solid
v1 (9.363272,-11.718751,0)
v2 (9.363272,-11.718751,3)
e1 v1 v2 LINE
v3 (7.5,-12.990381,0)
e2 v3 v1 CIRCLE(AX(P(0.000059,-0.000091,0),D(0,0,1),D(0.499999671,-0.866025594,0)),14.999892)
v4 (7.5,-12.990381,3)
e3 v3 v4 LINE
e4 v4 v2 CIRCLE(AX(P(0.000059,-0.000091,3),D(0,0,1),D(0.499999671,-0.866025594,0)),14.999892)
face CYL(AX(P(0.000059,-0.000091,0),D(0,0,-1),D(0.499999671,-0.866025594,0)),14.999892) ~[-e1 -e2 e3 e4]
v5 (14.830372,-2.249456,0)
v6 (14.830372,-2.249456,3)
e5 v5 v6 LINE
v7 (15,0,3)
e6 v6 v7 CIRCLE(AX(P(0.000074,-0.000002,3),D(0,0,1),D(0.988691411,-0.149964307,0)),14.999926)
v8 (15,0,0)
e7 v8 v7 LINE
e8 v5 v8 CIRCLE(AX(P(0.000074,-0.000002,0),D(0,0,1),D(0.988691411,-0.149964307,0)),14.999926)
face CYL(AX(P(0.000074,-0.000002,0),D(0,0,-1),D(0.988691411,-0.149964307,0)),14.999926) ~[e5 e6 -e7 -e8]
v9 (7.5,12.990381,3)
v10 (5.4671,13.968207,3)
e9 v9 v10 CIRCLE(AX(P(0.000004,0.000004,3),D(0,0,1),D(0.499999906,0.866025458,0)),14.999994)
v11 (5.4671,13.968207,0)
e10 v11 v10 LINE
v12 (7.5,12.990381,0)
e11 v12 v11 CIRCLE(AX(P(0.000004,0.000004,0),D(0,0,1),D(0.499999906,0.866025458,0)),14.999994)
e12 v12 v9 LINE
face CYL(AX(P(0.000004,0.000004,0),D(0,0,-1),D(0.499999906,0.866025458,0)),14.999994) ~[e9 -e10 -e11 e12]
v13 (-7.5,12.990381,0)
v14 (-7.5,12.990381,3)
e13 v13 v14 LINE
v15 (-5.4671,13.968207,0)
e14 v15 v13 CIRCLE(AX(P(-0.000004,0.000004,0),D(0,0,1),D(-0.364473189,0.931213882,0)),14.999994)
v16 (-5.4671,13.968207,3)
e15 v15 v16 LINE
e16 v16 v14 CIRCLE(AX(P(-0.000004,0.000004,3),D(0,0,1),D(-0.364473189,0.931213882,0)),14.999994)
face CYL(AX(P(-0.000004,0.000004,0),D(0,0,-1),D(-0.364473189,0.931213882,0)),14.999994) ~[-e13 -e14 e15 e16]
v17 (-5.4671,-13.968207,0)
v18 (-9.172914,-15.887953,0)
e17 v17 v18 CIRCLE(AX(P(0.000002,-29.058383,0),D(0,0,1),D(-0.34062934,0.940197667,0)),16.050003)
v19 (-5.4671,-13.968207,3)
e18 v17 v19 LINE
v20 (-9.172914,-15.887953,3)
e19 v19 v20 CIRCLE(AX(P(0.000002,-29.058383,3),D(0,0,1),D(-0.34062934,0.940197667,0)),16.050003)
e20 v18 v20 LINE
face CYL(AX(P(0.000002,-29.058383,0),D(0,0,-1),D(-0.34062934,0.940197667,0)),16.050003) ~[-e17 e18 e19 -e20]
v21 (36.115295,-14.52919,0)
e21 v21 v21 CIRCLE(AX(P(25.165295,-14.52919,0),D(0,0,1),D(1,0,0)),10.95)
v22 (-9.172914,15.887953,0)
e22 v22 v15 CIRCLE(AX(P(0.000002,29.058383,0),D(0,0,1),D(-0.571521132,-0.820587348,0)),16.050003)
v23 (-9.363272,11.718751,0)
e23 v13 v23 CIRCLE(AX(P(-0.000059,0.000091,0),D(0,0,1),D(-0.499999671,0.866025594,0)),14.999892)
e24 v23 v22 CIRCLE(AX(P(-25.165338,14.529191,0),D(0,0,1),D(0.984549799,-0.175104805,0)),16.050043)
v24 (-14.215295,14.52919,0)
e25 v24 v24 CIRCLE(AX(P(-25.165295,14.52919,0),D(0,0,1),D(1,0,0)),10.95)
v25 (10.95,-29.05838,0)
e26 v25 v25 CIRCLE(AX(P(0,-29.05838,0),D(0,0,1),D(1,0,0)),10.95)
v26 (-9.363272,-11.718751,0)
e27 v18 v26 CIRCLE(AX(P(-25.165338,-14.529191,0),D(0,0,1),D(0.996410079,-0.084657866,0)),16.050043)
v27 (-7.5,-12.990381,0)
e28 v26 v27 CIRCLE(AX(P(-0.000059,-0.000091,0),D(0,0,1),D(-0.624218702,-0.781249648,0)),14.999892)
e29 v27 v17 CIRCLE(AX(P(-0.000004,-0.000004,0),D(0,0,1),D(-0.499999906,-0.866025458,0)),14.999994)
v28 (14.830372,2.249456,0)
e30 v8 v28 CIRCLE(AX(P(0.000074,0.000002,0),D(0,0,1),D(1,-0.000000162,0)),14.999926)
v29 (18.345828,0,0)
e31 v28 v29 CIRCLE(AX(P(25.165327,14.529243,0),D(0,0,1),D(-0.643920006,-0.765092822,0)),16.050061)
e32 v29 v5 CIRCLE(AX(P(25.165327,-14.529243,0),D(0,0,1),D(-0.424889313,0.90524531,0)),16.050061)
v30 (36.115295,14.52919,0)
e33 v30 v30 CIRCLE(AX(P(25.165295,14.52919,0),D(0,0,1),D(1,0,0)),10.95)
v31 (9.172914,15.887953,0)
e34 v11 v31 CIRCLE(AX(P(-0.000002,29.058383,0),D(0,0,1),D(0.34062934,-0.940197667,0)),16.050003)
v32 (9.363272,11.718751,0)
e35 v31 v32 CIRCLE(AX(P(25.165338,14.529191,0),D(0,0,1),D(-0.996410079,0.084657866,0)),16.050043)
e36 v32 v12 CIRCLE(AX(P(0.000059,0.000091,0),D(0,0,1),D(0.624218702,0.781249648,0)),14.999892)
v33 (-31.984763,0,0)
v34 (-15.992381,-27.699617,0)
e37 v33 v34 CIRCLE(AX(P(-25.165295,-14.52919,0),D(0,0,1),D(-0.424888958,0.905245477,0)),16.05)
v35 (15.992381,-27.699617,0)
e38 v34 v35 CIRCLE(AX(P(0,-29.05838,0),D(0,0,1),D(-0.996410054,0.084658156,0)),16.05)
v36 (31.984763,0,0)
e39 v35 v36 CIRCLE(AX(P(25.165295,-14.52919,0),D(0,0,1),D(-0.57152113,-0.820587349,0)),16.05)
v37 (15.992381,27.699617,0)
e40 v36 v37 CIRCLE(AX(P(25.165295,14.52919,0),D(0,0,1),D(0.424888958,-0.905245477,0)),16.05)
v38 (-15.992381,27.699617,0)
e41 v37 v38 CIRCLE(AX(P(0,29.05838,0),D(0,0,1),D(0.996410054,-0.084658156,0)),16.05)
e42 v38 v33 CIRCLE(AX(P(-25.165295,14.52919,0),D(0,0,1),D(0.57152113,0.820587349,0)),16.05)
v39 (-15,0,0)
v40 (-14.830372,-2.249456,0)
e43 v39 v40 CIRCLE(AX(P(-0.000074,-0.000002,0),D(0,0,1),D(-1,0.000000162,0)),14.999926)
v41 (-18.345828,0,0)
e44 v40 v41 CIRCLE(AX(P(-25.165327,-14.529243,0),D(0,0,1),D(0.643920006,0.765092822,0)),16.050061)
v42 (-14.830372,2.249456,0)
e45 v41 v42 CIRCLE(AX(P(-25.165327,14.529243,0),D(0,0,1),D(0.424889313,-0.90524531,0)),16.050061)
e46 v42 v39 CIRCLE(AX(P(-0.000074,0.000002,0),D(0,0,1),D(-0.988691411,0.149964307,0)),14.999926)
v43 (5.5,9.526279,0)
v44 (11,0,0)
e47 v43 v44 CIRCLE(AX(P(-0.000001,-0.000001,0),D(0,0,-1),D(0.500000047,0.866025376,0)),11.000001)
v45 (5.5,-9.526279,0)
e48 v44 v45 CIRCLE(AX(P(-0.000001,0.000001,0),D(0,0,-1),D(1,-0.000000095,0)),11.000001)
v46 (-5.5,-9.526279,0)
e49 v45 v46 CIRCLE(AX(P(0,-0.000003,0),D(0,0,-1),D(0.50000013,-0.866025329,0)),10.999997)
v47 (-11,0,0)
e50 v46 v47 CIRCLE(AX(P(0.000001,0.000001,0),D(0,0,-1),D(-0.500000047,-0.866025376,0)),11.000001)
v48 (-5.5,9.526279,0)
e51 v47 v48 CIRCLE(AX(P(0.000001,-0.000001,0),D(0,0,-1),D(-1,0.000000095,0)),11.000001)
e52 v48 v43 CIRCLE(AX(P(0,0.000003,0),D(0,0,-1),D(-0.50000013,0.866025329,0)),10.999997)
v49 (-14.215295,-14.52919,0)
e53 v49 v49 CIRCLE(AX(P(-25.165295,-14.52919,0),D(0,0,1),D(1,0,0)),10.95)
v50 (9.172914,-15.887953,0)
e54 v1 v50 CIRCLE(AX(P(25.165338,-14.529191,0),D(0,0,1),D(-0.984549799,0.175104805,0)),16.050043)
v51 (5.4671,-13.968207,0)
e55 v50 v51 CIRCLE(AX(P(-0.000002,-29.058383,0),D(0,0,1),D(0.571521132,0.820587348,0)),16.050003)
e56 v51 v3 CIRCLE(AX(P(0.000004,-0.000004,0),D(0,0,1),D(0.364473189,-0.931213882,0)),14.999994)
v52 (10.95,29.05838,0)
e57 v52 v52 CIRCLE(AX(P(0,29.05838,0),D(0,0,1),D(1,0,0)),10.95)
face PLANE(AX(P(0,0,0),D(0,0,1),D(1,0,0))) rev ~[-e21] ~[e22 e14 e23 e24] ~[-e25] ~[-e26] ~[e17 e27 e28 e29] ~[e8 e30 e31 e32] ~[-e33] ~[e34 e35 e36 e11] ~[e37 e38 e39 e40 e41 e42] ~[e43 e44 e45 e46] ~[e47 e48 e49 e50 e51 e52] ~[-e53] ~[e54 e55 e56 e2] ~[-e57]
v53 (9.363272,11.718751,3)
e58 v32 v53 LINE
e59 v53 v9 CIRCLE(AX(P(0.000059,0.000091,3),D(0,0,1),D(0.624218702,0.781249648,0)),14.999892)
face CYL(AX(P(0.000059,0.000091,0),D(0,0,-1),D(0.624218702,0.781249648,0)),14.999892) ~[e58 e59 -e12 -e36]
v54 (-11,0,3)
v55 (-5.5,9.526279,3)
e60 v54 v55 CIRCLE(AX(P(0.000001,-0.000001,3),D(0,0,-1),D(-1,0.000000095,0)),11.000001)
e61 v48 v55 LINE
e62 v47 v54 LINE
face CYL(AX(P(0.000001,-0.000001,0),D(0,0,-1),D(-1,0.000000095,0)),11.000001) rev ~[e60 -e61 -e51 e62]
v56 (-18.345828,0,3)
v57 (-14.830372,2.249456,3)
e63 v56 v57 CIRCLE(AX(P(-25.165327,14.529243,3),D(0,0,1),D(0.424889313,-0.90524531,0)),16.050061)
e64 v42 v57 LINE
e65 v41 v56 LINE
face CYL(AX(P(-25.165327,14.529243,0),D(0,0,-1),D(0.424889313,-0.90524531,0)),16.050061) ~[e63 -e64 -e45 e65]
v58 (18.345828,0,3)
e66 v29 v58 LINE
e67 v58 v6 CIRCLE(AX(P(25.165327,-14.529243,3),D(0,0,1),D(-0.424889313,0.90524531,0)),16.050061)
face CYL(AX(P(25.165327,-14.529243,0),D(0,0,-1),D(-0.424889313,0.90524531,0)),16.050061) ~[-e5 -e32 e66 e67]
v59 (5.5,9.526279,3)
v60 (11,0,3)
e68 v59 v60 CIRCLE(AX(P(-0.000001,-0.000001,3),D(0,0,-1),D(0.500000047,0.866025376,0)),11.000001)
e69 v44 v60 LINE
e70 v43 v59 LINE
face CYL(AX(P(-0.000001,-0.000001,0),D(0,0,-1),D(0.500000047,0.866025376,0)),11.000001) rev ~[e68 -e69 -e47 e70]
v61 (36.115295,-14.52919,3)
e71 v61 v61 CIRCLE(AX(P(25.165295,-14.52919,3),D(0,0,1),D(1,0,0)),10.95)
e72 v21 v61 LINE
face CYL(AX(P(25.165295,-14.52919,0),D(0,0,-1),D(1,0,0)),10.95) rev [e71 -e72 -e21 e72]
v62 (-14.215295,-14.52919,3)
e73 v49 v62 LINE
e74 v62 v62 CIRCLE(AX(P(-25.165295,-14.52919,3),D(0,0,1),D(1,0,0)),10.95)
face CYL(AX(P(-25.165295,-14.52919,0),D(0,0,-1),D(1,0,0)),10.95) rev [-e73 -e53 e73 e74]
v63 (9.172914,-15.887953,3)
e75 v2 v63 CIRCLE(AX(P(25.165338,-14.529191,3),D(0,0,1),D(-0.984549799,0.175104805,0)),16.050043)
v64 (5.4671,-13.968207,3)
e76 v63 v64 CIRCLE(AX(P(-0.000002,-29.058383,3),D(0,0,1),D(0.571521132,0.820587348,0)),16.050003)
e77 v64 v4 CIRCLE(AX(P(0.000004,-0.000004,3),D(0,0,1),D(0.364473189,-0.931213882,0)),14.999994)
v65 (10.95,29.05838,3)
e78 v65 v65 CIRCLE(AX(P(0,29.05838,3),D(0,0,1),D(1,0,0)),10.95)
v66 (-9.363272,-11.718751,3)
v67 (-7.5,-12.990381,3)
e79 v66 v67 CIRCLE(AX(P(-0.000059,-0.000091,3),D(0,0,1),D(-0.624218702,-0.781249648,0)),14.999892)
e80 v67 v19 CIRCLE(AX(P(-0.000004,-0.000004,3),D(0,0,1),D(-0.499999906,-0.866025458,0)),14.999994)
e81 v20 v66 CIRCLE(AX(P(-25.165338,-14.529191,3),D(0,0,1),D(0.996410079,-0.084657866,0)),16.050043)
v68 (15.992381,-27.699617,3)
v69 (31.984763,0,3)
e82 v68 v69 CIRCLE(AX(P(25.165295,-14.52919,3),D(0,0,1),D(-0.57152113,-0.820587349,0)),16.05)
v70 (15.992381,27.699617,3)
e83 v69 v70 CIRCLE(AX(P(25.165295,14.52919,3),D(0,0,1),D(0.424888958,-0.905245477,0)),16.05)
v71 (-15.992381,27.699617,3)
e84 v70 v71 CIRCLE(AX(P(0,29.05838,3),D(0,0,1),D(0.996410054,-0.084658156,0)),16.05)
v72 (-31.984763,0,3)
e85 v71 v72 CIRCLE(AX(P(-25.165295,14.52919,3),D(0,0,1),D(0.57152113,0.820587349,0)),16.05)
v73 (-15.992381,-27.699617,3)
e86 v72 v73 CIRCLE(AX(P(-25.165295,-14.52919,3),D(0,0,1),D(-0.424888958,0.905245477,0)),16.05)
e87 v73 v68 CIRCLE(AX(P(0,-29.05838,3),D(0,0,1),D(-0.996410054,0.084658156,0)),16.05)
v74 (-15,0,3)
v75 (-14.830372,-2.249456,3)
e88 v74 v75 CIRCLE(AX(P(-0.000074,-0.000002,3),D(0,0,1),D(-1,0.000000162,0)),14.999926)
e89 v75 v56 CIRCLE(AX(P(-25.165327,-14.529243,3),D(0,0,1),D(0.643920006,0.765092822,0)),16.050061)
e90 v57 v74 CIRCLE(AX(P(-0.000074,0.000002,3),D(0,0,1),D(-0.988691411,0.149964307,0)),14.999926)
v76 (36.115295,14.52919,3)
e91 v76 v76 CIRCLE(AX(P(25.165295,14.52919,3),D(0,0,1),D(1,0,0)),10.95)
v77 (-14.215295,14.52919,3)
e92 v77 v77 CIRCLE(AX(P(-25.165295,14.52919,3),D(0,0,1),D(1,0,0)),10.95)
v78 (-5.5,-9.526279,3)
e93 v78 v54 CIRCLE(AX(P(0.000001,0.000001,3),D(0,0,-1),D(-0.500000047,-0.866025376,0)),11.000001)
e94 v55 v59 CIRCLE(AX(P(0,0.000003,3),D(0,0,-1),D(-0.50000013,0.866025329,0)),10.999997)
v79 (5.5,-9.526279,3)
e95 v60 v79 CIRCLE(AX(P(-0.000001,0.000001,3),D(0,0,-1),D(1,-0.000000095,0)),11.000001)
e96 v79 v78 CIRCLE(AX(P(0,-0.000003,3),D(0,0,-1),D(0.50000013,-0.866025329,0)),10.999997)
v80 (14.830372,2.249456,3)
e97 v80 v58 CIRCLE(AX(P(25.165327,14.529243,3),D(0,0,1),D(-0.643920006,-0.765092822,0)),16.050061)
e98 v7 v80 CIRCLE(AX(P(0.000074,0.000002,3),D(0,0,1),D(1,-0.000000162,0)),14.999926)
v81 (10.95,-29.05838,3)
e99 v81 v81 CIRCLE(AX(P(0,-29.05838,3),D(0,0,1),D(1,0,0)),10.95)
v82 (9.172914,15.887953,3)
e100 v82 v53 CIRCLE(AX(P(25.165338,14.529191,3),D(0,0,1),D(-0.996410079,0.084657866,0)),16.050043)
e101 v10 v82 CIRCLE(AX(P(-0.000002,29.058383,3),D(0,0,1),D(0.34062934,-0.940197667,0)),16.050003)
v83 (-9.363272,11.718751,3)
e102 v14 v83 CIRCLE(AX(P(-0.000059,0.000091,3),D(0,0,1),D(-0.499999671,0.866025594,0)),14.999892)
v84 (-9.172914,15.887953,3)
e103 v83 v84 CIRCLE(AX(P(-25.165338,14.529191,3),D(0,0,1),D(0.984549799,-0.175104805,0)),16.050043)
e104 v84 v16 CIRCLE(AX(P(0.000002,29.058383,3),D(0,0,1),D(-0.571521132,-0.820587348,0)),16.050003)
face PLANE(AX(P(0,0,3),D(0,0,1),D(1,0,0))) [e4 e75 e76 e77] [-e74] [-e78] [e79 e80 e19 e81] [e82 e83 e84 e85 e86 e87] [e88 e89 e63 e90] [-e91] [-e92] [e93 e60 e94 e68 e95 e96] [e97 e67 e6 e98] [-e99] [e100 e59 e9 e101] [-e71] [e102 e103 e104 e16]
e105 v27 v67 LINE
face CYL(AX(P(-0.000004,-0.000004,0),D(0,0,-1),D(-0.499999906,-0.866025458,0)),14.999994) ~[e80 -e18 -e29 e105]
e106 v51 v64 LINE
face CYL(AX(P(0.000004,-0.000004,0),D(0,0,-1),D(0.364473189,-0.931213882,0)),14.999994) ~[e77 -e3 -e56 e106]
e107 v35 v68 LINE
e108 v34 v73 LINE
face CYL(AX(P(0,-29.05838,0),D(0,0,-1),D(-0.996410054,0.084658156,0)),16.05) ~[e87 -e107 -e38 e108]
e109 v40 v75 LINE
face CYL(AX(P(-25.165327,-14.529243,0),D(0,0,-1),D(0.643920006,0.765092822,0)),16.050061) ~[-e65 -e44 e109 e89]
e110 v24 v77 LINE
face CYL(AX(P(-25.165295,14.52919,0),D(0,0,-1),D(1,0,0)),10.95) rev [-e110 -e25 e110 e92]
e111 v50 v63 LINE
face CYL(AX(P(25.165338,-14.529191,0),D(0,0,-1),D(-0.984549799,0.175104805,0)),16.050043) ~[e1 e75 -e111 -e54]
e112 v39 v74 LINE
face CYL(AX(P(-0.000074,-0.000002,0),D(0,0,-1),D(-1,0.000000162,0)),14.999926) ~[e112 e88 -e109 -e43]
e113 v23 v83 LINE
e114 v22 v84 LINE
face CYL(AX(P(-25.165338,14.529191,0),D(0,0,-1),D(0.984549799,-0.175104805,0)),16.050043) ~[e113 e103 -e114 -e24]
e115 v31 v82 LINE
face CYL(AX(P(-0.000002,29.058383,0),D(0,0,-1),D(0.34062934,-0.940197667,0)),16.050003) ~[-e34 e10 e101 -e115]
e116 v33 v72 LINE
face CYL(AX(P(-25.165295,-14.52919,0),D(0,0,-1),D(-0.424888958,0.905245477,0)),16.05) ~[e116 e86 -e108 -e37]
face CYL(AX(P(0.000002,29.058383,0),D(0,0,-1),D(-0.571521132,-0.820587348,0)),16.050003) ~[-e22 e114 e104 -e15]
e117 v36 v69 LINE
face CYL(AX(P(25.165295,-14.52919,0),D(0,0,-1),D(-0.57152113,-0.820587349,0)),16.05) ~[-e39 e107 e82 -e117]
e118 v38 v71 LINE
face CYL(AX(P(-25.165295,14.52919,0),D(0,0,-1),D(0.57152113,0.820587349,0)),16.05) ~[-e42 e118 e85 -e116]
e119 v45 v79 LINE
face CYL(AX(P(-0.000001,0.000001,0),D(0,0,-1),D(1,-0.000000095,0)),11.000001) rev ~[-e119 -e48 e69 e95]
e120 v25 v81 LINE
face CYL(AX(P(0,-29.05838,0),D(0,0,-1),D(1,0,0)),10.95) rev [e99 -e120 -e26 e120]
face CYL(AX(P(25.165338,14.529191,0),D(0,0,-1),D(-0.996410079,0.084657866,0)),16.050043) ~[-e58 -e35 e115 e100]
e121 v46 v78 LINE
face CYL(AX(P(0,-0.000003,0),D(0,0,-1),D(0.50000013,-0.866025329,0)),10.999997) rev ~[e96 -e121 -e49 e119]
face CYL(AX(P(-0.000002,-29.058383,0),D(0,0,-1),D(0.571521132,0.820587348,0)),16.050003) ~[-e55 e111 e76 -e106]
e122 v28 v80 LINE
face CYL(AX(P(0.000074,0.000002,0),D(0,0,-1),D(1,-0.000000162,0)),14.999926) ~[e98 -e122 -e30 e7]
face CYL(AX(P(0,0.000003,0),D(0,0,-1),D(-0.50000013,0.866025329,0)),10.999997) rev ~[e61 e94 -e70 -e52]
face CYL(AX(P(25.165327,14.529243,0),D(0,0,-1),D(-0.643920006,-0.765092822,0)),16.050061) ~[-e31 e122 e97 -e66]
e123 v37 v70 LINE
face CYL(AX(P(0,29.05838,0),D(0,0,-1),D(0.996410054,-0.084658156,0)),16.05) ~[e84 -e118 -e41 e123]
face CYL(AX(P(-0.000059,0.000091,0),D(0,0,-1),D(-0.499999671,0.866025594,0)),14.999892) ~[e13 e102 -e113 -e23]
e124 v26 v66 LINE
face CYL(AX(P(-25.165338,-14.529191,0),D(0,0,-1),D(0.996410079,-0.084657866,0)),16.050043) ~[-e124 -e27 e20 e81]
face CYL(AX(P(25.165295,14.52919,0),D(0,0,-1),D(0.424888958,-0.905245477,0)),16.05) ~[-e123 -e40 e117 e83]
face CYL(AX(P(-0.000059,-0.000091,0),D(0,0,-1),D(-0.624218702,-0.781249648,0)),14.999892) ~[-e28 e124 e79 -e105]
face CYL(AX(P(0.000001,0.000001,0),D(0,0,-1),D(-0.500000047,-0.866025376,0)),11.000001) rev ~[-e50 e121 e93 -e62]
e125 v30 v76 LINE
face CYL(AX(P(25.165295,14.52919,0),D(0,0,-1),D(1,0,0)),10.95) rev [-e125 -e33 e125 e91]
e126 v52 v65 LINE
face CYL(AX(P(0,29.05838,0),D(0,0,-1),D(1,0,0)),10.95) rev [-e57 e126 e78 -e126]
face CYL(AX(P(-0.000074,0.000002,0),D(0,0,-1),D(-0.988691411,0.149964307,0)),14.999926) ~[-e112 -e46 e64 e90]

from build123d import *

# Parameters (mm, degrees)
F0_R     = 10.95
F1_DEPTH = 3


with BuildPart() as f1:
    # F0 (on Top) → F1 (new body)
    with BuildSketch(Plane.XY):
        with BuildLine():
            ThreePointArc((31.984763, 0), (39.065003, 22.55419), (15.992381, 27.699617))
            ThreePointArc((15.992381, 27.699617), (0, 45.10838), (-15.992381, 27.699617))
            ThreePointArc((-15.992381, 27.699617), (-39.065003, 22.55419), (-31.984763, 0))
            ThreePointArc((-31.984763, 0), (-39.065003, -22.55419), (-15.992381, -27.699617))
            ThreePointArc((-15.992381, -27.699617), (0, -45.10838), (15.992381, -27.699617))
            ThreePointArc((15.992381, -27.699617), (39.065003, -22.55419), (31.984763, 0))
        make_face()
        with Locations((-25.165295, -14.52919)):
            Circle(F0_R, mode=Mode.SUBTRACT)
        with BuildLine():
            ThreePointArc((-9.172914, -15.887953), (-9.131999, -13.797138), (-9.363272, -11.718751))
            ThreePointArc((-9.363272, -11.718751), (-8.455575, -12.389643), (-7.5, -12.990381))
            ThreePointArc((-7.5, -12.990381), (-6.501958, -13.517564), (-5.4671, -13.968207))
            ThreePointArc((-5.4671, -13.968207), (-7.382673, -14.807112), (-9.172914, -15.887953))
        make_face(mode=Mode.SUBTRACT)
        with Locations((0, -29.05838)):
            Circle(F0_R, mode=Mode.SUBTRACT)
        with BuildLine():
            ThreePointArc((9.172914, -15.887953), (7.382673, -14.807112), (5.4671, -13.968207))
            ThreePointArc((5.4671, -13.968207), (6.501958, -13.517564), (7.5, -12.990381))
            ThreePointArc((7.5, -12.990381), (8.455575, -12.389643), (9.363272, -11.718751))
            ThreePointArc((9.363272, -11.718751), (9.131999, -13.797138), (9.172914, -15.887953))
        make_face(mode=Mode.SUBTRACT)
        with Locations((25.165295, -14.52919)):
            Circle(F0_R, mode=Mode.SUBTRACT)
        with Locations((-25.165295, 14.52919)):
            Circle(F0_R, mode=Mode.SUBTRACT)
        with BuildLine():
            ThreePointArc((-18.345828, 0), (-16.514672, 1.009974), (-14.830372, 2.249456))
            ThreePointArc((-14.830372, 2.249456), (-14.957533, 1.127921), (-15, 0))
            ThreePointArc((-15, 0), (-14.957533, -1.127921), (-14.830372, -2.249456))
            ThreePointArc((-14.830372, -2.249456), (-16.514672, -1.009974), (-18.345828, 0))
        make_face(mode=Mode.SUBTRACT)
        with BuildLine():
            ThreePointArc((-9.363272, 11.718751), (-9.131999, 13.797138), (-9.172914, 15.887953))
            ThreePointArc((-9.172914, 15.887953), (-7.382673, 14.807112), (-5.4671, 13.968207))
            ThreePointArc((-5.4671, 13.968207), (-6.501958, 13.517564), (-7.5, 12.990381))
            ThreePointArc((-7.5, 12.990381), (-8.455575, 12.389643), (-9.363272, 11.718751))
        make_face(mode=Mode.SUBTRACT)
        with BuildLine():
            ThreePointArc((-5.5, 9.526279), (0, 11), (5.5, 9.526279))
            ThreePointArc((5.5, 9.526279), (9.526279, 5.5), (11, 0))
            ThreePointArc((11, 0), (9.526279, -5.5), (5.5, -9.526279))
            ThreePointArc((5.5, -9.526279), (0, -11), (-5.5, -9.526279))
            ThreePointArc((-5.5, -9.526279), (-9.526279, -5.5), (-11, 0))
            ThreePointArc((-11, 0), (-9.526279, 5.5), (-5.5, 9.526279))
        make_face(mode=Mode.SUBTRACT)
        with BuildLine():
            ThreePointArc((18.345828, 0), (16.514672, -1.009974), (14.830372, -2.249456))
            ThreePointArc((14.830372, -2.249456), (14.957533, -1.127921), (15, 0))
            ThreePointArc((15, 0), (14.957533, 1.127921), (14.830372, 2.249456))
            ThreePointArc((14.830372, 2.249456), (16.514672, 1.009974), (18.345828, 0))
        make_face(mode=Mode.SUBTRACT)
        with BuildLine():
            ThreePointArc((9.363272, 11.718751), (8.455575, 12.389643), (7.5, 12.990381))
            ThreePointArc((7.5, 12.990381), (6.501958, 13.517564), (5.4671, 13.968207))
            ThreePointArc((5.4671, 13.968207), (7.382673, 14.807112), (9.172914, 15.887953))
            ThreePointArc((9.172914, 15.887953), (9.131999, 13.797138), (9.363272, 11.718751))
        make_face(mode=Mode.SUBTRACT)
        with Locations((25.165295, 14.52919)):
            Circle(F0_R, mode=Mode.SUBTRACT)
        with Locations((0, 29.05838)):
            Circle(F0_R, mode=Mode.SUBTRACT)
    extrude(amount=F1_DEPTH)


solid = f1.part
